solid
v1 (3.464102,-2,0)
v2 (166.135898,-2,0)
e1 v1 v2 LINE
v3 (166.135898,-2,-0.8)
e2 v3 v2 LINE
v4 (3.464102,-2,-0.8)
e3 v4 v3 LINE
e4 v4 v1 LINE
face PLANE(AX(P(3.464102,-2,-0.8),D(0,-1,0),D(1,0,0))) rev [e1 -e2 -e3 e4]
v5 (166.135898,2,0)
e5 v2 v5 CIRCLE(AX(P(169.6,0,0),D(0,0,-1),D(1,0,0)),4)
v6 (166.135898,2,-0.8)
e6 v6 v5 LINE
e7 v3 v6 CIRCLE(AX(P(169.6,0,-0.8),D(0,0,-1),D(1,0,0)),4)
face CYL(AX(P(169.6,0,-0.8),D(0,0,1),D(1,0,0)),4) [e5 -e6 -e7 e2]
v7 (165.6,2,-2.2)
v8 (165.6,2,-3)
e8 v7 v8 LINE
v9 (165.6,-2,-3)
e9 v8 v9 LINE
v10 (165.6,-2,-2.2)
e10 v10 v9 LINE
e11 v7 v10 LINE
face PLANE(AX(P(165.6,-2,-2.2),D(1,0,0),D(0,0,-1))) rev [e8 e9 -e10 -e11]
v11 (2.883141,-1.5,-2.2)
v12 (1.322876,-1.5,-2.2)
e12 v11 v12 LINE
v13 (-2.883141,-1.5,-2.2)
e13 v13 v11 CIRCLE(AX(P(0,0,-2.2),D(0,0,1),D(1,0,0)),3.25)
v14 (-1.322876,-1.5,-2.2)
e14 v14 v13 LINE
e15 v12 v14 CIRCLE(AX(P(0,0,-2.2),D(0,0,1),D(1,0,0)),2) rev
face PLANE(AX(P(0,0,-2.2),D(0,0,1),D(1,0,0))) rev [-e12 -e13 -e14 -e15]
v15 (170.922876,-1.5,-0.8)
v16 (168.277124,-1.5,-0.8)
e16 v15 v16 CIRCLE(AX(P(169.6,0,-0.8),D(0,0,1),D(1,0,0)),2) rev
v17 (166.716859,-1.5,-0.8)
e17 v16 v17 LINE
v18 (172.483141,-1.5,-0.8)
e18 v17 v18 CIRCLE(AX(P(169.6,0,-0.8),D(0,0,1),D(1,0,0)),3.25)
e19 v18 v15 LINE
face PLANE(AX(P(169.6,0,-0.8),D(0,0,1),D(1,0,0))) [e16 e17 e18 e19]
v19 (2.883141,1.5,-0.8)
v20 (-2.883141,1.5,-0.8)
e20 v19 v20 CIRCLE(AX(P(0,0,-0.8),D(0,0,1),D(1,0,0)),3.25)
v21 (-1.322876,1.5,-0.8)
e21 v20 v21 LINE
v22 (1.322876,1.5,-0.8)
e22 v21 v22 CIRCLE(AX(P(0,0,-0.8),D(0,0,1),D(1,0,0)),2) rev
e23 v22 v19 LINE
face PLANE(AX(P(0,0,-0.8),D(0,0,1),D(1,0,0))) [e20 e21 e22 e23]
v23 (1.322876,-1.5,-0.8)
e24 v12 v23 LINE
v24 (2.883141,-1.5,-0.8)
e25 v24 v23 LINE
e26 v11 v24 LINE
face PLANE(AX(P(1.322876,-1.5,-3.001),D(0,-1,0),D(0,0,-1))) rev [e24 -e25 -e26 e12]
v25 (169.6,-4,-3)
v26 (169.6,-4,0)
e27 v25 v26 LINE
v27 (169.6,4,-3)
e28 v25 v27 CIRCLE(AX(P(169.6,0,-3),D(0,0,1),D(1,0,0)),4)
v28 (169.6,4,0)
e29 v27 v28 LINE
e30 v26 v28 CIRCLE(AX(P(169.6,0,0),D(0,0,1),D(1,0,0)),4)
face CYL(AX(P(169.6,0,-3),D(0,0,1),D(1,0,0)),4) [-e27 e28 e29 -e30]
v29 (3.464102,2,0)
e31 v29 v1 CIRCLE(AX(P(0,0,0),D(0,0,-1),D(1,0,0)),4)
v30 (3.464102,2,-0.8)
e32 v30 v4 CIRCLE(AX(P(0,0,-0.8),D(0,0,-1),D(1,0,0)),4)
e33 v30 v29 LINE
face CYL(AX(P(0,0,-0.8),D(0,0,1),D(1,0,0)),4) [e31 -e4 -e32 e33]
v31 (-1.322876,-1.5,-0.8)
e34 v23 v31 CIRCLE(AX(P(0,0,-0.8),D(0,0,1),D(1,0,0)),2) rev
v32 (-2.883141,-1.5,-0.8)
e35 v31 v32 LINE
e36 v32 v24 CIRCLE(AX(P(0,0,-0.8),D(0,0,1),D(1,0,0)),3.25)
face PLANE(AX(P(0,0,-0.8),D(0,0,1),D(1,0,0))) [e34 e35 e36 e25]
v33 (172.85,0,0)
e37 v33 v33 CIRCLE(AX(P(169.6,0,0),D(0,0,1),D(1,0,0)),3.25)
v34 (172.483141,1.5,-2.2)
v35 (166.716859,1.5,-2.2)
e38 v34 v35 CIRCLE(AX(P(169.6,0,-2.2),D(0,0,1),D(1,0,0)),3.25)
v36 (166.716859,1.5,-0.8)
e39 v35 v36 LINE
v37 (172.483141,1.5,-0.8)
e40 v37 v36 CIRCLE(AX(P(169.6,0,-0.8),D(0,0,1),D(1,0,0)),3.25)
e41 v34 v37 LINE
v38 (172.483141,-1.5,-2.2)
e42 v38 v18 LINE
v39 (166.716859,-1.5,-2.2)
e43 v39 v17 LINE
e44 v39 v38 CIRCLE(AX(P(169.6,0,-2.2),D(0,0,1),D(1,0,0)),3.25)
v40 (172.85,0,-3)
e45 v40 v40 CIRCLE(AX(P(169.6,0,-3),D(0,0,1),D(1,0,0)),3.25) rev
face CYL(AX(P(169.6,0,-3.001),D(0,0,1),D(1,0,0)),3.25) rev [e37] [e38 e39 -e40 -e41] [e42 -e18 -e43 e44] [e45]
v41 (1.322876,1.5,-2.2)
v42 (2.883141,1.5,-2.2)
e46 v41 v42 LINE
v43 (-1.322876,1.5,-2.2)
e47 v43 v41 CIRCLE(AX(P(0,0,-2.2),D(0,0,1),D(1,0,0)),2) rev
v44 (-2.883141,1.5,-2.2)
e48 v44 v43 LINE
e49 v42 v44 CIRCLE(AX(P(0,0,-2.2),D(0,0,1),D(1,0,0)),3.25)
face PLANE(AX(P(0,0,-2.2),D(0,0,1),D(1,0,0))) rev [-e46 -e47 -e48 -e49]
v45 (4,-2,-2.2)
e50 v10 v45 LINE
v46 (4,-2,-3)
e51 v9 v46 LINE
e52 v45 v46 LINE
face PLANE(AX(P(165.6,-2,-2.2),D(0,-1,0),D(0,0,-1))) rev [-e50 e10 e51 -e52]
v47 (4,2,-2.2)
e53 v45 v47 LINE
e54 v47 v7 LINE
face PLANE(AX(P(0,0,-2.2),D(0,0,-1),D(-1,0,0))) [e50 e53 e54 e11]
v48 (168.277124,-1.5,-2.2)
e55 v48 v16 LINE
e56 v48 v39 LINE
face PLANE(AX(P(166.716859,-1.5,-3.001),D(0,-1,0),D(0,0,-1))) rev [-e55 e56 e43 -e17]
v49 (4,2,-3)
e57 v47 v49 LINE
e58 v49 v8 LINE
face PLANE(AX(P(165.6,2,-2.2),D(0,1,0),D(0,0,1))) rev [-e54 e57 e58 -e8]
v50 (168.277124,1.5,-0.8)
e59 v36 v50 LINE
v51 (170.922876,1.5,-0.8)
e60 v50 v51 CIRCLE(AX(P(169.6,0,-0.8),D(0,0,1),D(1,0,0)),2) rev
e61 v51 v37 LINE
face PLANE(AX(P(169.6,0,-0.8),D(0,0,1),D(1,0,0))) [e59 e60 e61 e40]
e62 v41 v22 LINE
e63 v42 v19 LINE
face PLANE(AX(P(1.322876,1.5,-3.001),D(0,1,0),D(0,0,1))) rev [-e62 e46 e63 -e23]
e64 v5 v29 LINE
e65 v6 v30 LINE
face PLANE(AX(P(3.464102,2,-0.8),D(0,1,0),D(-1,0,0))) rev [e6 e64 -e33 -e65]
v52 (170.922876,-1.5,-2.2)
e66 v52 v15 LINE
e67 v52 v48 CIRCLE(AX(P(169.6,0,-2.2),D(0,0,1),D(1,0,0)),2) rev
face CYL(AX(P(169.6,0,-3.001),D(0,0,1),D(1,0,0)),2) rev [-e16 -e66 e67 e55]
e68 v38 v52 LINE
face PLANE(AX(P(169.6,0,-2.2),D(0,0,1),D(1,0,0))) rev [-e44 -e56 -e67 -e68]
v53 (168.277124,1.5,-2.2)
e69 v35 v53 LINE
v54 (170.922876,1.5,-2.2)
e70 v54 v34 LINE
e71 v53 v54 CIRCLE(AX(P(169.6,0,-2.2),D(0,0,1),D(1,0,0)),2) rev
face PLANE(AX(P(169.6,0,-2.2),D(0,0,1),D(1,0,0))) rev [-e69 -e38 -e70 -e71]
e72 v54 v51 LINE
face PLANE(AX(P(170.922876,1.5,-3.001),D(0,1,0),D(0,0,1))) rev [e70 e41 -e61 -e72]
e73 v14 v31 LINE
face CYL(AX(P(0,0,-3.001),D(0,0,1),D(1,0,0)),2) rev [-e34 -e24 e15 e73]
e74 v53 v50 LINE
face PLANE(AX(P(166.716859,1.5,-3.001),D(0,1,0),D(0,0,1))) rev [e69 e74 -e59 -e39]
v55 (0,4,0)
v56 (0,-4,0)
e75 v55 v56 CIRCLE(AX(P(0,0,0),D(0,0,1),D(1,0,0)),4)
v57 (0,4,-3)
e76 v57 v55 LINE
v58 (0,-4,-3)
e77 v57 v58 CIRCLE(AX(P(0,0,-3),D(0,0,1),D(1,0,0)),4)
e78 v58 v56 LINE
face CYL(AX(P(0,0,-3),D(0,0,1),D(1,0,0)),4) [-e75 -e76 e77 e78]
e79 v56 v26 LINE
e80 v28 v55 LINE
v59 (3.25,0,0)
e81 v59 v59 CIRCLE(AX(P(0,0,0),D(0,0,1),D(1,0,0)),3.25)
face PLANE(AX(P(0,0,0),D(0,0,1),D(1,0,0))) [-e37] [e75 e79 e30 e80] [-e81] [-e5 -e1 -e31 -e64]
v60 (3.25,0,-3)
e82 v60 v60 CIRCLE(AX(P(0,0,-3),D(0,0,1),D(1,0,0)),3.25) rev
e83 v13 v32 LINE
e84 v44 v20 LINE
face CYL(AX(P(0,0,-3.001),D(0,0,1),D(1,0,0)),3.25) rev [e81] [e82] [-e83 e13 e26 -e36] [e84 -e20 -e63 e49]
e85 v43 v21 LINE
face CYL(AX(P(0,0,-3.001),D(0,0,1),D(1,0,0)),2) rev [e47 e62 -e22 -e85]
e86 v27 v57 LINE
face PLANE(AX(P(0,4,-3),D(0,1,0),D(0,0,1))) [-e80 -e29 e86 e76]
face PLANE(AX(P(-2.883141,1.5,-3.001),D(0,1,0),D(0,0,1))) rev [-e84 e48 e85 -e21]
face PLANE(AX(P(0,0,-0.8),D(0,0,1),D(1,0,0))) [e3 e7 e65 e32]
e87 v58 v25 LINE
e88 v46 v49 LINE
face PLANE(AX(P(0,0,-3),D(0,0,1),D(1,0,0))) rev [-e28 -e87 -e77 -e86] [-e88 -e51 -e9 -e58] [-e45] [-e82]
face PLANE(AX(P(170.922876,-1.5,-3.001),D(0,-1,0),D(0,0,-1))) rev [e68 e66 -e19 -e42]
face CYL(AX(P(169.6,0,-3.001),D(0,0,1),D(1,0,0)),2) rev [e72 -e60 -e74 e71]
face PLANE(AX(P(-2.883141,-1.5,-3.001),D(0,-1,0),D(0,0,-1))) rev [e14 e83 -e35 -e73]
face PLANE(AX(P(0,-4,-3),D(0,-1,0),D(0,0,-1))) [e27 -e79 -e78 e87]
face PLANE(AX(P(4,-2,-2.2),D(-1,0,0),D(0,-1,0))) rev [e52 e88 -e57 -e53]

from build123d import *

# Parameters (mm, degrees)
EXTRUDE_1_DEPTH        = 3
CUT_EXTRUDE_1_REACH    = 175.672
SKETCH_3_R             = 3.25
CUT_EXTRUDE_2_DEPTH    = 0.8
CUT_EXTRUDE_START      = -2.2
SKETCH_3_2_R           = 3.25
CUT_EXTRUDE_3_DEPTH    = 0.8
PATTERN_LINEAR_1_COUNT = 2
PATTERN_LINEAR_1_PITCH = 169.6
CUT_EXTRUDE_4_DEPTH    = 0.8
SKETCH_5_W             = 161.6
SKETCH_5_H             = 4
CUT_EXTRUDE_5_DEPTH    = 0.8


with BuildPart() as part:
    # 草图1 → 凸台-拉伸1 (new body)
    with BuildSketch(Plane.XY):
        with BuildLine():
            Line((0, 4), (169.6, 4))
            ThreePointArc((169.6, 4), (173.6, 0), (169.6, -4))
            Line((169.6, -4), (0, -4))
            ThreePointArc((0, -4), (-4, 0), (0, 4))
        make_face()
    extrude(amount=-EXTRUDE_1_DEPTH)

    # 草图2 → 切除-拉伸1 (cut, up to next)
    with BuildSketch(Plane.XY, mode=Mode.PRIVATE) as cut_extrude_1_sk1:
        with BuildLine():
            Line((1.322875656, -1.5), (2.883140649, -1.5))
            ThreePointArc((2.883140649, -1.5), (3.25, 0), (2.883140649, 1.5))
            Line((2.883140649, 1.5), (1.322875656, 1.5))
            ThreePointArc((1.322875656, 1.5), (0, 2), (-1.322875656, 1.5))
            Line((-1.322875656, 1.5), (-2.883140649, 1.5))
            ThreePointArc((-2.883140649, 1.5), (-3.25, 0), (-2.883140649, -1.5))
            Line((-2.883140649, -1.5), (-1.322875656, -1.5))
            ThreePointArc((-1.322875656, -1.5), (0, -2), (1.322875656, -1.5))
        make_face()
    cut_extrude_1_tool1 = extrude(cut_extrude_1_sk1.sketch, amount=-CUT_EXTRUDE_1_REACH, mode=Mode.PRIVATE) & part.part
    cut_extrude_1 = cut_extrude_1_tool1.solids().sort_by_distance((0, 0, 0))[0]
    add(cut_extrude_1, mode=Mode.SUBTRACT)

    # 草图3 → 切除-拉伸2 (cut)
    with BuildSketch(Plane.XY):
        Circle(SKETCH_3_R)
    cut_extrude_2 = extrude(amount=-CUT_EXTRUDE_2_DEPTH, mode=Mode.SUBTRACT)

    # 草图3<2> → 切除-拉伸3 (cut)
    with BuildSketch(Plane.XY.offset(CUT_EXTRUDE_START)):
        Circle(SKETCH_3_2_R)
    cut_extrude_3 = extrude(amount=-CUT_EXTRUDE_3_DEPTH, mode=Mode.SUBTRACT)

    # 阵列(线性)1: 切除-拉伸1, 切除-拉伸2, 切除-拉伸3 ×2
    with Locations(*[(i * PATTERN_LINEAR_1_PITCH, 0, 0) for i in range(1, PATTERN_LINEAR_1_COUNT)]):
        add(cut_extrude_1, mode=Mode.SUBTRACT)
        add(cut_extrude_2, mode=Mode.SUBTRACT)
        add(cut_extrude_3, mode=Mode.SUBTRACT)

    # 草图4 → 切除-拉伸4 (cut)
    with BuildSketch(Plane.XY):
        with BuildLine():
            Line((3.464101615, 2), (166.135898385, 2))
            ThreePointArc((166.135898385, 2), (165.6, 0), (166.135898385, -2))
            Line((166.135898385, -2), (3.464101615, -2))
            ThreePointArc((3.464101615, -2), (4, 0), (3.464101615, 2))
        make_face()
    extrude(amount=-CUT_EXTRUDE_4_DEPTH, mode=Mode.SUBTRACT)

    # 草图5 → 切除-拉伸5 (cut)
    with BuildSketch(Plane(origin=(0, 0, -3), x_dir=(-1, 0, 0), z_dir=(0, 0, -1))):
        with Locations((-84.8, 0)):
            Rectangle(SKETCH_5_W, SKETCH_5_H)
    extrude(amount=-CUT_EXTRUDE_5_DEPTH, mode=Mode.SUBTRACT)


solid = part.part
